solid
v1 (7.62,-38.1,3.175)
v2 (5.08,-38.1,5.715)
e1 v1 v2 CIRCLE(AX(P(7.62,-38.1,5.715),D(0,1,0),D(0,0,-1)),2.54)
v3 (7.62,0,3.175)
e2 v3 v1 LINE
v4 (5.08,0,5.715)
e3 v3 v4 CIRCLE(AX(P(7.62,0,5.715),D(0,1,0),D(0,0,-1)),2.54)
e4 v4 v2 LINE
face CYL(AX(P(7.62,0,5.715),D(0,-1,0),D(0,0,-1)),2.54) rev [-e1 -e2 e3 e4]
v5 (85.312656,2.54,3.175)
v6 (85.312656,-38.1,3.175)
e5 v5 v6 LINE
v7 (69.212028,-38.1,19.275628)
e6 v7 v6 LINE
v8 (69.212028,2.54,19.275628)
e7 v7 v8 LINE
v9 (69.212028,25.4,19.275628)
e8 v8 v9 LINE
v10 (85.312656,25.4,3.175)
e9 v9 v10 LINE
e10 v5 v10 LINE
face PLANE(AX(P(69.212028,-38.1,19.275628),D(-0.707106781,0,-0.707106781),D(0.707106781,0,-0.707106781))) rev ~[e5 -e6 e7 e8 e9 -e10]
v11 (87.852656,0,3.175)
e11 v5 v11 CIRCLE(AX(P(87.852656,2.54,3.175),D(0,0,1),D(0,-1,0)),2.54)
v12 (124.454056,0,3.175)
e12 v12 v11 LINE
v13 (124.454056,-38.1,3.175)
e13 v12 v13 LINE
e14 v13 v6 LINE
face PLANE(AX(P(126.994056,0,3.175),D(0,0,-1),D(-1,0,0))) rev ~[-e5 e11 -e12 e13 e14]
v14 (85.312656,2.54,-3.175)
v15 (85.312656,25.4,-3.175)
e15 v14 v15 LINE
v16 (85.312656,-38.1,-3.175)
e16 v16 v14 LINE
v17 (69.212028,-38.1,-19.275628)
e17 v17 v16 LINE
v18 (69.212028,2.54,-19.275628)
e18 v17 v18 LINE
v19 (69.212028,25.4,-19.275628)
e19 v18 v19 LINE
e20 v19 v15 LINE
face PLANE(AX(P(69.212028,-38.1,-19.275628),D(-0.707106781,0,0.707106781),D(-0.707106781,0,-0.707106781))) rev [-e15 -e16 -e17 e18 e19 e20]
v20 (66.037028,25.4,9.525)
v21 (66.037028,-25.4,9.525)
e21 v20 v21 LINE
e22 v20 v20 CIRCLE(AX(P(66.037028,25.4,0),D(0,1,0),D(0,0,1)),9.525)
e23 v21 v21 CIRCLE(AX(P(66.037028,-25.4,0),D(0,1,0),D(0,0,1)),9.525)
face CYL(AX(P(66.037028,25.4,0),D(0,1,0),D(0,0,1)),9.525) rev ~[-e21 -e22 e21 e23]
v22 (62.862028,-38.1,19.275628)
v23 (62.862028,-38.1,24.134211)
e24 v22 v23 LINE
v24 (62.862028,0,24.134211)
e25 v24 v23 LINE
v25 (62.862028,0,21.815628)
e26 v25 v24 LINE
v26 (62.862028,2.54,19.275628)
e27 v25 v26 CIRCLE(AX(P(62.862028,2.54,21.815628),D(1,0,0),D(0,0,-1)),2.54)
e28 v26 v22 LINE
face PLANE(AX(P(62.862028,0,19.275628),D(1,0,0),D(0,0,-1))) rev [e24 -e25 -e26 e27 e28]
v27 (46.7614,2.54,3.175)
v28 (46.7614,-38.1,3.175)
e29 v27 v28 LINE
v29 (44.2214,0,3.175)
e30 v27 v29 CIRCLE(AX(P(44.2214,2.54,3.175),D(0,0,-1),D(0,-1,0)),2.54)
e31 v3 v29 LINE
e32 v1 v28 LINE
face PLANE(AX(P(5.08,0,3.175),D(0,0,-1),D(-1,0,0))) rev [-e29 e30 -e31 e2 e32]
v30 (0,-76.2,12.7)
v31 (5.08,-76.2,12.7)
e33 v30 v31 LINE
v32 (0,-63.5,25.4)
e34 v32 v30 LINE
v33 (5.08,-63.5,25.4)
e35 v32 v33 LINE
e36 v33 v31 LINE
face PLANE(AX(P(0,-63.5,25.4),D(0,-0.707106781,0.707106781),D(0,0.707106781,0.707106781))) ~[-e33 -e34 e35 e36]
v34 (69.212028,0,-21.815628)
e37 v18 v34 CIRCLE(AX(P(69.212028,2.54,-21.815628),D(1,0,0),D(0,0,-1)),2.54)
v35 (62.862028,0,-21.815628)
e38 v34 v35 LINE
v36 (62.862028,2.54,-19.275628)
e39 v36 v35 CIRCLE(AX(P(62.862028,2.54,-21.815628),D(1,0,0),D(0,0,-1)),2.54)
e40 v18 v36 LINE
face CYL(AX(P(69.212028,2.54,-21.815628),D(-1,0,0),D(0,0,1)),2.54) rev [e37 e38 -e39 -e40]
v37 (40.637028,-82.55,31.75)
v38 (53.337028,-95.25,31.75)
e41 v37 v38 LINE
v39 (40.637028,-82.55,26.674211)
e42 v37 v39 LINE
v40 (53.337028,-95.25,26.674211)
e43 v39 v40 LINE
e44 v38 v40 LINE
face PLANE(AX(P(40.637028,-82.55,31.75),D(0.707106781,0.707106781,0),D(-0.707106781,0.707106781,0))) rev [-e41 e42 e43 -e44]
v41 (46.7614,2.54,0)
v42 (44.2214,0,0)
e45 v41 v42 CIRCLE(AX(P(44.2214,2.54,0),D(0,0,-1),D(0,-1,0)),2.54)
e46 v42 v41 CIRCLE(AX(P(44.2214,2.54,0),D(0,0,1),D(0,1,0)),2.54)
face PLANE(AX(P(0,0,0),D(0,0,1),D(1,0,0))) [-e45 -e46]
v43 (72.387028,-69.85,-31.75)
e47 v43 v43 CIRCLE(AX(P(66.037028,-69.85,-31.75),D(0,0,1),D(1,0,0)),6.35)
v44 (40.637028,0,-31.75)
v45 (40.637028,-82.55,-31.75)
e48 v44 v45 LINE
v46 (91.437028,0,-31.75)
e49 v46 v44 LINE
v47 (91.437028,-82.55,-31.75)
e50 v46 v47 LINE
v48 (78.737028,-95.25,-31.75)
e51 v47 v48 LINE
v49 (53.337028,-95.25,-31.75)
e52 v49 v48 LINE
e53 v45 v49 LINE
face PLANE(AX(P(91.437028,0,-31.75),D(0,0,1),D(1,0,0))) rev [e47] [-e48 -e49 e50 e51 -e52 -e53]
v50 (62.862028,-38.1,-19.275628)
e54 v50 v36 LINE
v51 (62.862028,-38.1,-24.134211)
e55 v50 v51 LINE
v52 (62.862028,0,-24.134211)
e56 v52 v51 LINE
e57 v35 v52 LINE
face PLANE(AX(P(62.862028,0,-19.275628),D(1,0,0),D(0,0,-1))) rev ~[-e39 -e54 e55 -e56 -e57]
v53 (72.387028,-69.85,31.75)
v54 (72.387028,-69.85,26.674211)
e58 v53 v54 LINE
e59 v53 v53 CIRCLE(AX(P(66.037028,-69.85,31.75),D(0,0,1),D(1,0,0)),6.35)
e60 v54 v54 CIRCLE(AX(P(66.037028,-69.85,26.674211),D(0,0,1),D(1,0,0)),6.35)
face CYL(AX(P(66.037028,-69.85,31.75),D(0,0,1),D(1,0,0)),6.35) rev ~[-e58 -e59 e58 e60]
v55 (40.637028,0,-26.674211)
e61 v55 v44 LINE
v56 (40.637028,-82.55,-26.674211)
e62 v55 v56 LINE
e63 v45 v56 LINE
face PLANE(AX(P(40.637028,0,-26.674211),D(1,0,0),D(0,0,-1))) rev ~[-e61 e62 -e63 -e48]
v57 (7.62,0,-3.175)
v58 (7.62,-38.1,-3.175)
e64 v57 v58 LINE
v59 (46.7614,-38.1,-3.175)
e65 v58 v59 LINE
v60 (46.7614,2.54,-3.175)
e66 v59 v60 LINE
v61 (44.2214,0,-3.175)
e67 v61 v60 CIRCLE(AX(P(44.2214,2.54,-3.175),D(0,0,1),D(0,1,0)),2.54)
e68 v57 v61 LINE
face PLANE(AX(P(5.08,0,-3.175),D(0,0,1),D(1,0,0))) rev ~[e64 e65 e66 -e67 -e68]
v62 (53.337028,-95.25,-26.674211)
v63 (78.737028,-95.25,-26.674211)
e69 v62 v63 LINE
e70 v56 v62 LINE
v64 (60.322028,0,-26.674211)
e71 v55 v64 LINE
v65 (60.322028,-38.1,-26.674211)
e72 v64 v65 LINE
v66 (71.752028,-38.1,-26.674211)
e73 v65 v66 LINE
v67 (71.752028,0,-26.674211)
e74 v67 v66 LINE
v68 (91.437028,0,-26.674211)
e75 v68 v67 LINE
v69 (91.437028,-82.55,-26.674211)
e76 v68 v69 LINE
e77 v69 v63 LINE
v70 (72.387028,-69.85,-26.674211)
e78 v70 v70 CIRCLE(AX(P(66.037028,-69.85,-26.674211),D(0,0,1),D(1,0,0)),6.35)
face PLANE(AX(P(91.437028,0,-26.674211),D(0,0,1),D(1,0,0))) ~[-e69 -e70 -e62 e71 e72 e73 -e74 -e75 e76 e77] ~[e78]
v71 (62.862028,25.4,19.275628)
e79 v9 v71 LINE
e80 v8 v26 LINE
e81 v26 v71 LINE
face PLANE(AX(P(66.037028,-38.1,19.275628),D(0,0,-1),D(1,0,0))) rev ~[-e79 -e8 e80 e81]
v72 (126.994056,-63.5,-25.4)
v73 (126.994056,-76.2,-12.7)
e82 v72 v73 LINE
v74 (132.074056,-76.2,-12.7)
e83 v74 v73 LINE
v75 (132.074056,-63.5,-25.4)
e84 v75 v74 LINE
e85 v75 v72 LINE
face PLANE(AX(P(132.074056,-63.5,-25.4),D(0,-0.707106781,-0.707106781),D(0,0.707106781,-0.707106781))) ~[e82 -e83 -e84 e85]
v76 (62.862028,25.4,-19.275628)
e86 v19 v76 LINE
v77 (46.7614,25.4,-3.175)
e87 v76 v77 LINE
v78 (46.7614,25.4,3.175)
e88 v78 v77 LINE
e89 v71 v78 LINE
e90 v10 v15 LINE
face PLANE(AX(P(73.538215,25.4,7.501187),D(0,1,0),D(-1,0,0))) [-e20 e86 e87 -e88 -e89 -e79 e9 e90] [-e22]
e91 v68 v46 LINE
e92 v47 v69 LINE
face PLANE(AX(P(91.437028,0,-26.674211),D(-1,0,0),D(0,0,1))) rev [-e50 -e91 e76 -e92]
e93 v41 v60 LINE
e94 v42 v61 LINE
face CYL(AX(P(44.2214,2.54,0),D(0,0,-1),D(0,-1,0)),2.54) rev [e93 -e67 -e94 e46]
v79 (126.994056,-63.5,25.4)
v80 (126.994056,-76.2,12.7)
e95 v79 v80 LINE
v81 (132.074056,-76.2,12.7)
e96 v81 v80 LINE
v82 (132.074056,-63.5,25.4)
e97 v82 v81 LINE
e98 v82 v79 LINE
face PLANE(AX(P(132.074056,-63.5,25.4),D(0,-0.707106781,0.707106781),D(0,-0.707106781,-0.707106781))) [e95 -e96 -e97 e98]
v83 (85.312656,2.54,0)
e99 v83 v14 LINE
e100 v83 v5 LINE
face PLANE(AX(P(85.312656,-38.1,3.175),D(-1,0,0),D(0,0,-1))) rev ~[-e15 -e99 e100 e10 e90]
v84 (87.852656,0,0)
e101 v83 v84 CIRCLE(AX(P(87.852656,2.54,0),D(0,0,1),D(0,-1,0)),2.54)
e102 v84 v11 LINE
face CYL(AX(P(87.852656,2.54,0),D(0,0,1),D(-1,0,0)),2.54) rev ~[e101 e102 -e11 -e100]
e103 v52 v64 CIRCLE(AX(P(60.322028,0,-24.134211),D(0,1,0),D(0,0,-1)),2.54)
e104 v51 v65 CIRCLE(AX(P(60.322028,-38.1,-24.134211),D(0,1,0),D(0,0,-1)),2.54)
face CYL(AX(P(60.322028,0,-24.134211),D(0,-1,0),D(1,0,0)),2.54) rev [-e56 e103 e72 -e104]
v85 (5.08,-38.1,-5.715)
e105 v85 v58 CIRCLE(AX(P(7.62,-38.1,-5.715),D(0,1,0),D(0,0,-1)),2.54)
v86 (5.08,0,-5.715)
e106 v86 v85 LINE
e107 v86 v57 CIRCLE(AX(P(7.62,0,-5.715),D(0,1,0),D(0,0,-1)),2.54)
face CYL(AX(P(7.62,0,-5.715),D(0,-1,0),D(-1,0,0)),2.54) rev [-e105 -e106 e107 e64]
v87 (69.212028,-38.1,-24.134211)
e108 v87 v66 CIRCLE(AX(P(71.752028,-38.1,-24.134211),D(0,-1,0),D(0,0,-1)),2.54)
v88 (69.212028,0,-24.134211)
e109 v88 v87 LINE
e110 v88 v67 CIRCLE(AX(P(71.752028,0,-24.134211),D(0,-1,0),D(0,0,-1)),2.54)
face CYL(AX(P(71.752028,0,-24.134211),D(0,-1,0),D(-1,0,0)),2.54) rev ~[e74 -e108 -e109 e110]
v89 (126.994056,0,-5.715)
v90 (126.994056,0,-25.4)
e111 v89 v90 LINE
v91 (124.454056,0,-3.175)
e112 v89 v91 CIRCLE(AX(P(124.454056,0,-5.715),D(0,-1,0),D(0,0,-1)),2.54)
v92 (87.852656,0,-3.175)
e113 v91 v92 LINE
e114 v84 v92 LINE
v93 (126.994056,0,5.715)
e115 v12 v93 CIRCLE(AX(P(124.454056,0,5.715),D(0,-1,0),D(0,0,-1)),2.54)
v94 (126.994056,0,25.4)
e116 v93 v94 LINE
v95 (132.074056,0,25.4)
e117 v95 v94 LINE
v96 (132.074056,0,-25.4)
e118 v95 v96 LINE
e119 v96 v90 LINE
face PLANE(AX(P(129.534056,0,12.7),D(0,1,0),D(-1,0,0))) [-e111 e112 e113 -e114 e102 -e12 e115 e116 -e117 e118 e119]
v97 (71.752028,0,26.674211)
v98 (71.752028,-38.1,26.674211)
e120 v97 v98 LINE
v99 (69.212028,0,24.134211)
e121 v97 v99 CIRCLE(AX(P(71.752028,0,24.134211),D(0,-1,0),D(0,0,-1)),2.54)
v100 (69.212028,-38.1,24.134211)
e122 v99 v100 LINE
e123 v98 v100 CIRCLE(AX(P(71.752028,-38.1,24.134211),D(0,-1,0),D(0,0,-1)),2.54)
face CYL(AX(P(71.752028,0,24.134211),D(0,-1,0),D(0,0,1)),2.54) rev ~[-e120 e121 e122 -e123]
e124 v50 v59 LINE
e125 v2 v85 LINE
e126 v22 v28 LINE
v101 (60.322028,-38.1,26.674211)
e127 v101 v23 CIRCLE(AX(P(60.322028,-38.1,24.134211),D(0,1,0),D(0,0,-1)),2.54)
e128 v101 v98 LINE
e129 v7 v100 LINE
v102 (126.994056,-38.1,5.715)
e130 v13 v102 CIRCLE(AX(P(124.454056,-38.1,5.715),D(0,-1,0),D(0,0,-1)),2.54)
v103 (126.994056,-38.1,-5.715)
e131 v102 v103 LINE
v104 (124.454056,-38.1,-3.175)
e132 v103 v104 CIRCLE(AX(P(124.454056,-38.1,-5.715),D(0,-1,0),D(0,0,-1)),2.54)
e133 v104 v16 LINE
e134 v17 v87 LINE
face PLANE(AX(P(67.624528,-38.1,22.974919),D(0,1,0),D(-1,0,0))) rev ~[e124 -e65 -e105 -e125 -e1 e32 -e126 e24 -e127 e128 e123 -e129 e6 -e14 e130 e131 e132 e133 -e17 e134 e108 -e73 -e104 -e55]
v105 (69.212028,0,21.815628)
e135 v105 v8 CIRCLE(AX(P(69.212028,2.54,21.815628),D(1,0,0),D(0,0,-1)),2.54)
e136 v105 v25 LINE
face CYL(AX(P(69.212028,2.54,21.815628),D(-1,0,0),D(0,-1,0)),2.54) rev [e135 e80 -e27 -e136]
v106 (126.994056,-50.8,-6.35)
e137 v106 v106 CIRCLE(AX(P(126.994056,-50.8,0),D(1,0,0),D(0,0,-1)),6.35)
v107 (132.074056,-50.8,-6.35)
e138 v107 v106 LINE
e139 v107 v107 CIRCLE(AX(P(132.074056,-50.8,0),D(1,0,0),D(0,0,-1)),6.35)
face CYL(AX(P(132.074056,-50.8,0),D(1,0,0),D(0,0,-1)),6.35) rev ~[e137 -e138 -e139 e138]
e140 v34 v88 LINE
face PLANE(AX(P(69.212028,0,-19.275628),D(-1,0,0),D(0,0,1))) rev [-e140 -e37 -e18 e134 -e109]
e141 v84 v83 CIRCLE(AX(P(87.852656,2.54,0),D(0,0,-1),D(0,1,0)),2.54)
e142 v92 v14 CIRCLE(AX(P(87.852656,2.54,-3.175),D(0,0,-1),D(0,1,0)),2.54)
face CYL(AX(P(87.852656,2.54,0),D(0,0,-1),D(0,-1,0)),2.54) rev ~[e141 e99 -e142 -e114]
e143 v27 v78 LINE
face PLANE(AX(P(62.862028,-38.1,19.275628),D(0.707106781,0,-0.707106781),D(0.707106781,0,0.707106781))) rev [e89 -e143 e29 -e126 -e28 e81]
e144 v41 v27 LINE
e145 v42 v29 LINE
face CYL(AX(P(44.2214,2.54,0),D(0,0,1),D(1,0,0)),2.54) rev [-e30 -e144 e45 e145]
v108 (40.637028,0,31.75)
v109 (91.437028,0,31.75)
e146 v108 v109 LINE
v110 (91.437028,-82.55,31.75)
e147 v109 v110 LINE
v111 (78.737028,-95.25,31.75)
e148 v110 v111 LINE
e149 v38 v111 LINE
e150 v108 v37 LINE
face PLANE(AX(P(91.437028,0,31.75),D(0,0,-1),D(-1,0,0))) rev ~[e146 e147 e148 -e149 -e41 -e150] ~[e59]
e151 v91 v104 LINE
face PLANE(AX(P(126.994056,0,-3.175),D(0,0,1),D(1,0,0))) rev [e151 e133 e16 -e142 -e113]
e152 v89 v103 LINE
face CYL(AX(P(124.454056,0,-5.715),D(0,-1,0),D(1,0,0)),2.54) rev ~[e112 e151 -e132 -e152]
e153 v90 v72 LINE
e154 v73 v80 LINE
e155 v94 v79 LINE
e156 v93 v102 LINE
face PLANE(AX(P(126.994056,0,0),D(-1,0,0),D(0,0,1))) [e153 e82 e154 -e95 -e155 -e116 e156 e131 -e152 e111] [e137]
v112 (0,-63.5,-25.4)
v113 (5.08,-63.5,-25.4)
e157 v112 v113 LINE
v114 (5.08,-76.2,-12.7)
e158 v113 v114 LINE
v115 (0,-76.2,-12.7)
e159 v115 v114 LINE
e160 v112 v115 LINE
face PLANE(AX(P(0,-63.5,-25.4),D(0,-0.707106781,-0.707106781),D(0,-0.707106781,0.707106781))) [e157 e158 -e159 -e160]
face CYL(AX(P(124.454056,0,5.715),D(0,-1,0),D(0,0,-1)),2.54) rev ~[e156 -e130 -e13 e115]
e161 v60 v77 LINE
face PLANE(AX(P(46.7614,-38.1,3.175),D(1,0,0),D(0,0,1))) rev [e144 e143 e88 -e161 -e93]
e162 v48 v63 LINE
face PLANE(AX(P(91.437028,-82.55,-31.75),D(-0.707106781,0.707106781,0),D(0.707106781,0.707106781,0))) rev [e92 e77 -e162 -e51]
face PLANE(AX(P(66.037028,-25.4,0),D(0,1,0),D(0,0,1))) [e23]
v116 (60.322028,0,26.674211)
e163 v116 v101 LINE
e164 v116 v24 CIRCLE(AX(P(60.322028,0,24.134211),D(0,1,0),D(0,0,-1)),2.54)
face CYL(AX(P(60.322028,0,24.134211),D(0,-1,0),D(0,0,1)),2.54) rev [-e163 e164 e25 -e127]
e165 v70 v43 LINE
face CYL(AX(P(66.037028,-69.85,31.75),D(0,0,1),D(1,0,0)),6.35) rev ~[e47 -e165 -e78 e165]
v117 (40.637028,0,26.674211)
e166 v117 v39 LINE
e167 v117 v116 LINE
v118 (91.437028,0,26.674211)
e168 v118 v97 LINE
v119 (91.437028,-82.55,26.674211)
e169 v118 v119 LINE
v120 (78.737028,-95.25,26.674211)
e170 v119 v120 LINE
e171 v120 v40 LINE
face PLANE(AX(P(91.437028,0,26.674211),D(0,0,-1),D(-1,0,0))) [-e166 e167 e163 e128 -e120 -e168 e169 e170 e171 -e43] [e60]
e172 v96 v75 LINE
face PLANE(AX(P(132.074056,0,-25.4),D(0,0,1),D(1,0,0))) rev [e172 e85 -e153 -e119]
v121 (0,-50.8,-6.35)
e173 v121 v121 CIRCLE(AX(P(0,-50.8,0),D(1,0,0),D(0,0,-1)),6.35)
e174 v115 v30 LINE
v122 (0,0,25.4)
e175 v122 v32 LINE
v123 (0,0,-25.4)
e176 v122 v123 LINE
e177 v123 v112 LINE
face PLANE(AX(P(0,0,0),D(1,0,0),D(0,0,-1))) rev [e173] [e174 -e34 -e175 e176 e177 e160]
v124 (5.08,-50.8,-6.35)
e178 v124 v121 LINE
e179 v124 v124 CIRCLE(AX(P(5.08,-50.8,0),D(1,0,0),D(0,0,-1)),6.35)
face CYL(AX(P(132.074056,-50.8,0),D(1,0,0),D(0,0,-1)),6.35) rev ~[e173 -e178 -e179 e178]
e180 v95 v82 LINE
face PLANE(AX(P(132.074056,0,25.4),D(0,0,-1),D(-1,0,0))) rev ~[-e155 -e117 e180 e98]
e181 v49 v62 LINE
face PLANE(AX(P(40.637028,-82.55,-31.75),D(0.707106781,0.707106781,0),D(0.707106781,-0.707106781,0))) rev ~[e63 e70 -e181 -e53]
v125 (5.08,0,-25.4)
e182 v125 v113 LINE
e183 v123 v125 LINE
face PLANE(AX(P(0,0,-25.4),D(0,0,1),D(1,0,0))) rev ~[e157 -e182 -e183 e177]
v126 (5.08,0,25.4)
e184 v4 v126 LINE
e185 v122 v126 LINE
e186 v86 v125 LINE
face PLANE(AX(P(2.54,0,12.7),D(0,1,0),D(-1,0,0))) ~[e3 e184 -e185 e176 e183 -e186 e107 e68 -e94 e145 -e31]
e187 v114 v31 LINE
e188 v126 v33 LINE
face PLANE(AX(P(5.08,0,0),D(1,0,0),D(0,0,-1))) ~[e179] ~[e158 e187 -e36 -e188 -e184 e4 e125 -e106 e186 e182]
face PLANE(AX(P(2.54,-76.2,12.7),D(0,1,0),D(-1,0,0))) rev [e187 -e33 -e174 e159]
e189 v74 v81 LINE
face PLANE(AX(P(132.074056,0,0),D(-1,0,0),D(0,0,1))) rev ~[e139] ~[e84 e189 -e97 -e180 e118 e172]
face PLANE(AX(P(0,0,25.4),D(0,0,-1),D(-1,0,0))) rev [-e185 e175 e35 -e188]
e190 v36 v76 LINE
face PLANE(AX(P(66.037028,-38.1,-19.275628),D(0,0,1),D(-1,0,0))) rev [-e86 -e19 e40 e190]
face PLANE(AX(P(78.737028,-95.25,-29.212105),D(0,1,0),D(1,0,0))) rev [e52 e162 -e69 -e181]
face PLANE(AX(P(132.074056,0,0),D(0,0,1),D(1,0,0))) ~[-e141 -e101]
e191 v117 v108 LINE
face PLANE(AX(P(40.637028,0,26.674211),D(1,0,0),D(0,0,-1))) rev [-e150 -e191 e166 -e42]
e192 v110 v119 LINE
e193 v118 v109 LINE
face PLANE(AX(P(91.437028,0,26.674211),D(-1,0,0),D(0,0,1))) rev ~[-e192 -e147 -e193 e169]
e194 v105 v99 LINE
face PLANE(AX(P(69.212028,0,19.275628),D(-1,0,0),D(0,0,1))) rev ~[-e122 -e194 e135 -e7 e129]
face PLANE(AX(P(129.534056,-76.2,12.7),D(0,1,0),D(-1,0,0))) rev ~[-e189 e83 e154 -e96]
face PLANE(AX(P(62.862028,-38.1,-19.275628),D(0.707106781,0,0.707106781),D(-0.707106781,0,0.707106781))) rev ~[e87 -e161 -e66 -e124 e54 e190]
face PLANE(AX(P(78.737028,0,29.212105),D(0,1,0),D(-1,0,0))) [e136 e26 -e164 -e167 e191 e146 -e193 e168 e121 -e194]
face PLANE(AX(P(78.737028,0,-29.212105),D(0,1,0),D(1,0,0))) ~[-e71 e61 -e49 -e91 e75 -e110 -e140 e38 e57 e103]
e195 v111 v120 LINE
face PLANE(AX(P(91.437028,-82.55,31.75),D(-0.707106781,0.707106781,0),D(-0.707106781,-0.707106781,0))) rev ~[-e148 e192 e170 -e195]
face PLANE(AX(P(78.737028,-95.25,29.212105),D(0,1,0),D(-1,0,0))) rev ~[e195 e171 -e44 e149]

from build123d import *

# Parameters (mm, degrees)
BOSS_EXTRUDE2_START  = -38.1
BOSS_EXTRUDE2_DEPTH  = 63.5
SKETCH2_W            = 41.6814
SKETCH2_H            = 3.175
BOSS_EXTRUDE3_DEPTH  = 38.1
SKETCH3_W            = 5.08
SKETCH3_H            = 25.4
BOSS_EXTRUDE4_DEPTH  = 76.2
SKETCH4_W            = 3.175
SKETCH4_H            = 7.398582519
BOSS_EXTRUDE5_DEPTH  = 38.1
SKETCH5_W            = 25.4
SKETCH5_H            = 5.075789281
BOSS_EXTRUDE6_DEPTH  = 95.25
FILLET1_R            = 2.54
CUT_EXTRUDE1_DEPTH   = 5.075789281
CUT_EXTRUDE2_DEPTH   = 5.08
FILLET1_OF_MIRROR5_R = 2.54
FILLET3_R            = 2.54
SKETCH9_R            = 9.525
CUT_EXTRUDE3_DEPTH   = 50.8
SKETCH11_R           = 6.35
CUT_EXTRUDE4_DEPTH   = 166.904133083
SKETCH12_R           = 6.35
CUT_EXTRUDE5_DEPTH   = 175.78091679


with BuildPart() as part:
    # Sketch1 → Boss-Extrude2 (new body)
    with BuildSketch(Plane(origin=(0, 0, 0), x_dir=(1, 0, 0), z_dir=(0, 1, 0)).offset(BOSS_EXTRUDE2_START)):
        Polygon((46.7614, 3.175), (46.7614, 0), (66.0370282, 0), (66.0370282, 19.2756282), (62.8620282, 19.2756282), align=None)
    boss_extrude2 = extrude(amount=BOSS_EXTRUDE2_DEPTH)

    # Sketch2 → Boss-Extrude3 (add)
    with BuildSketch(Plane(origin=(0, 0, 0), x_dir=(1, 0, 0), z_dir=(0, 1, 0))):
        with Locations((25.9207, 1.5875)):
            Rectangle(SKETCH2_W, SKETCH2_H)
    boss_extrude3 = extrude(amount=-BOSS_EXTRUDE3_DEPTH)

    # Sketch3 → Boss-Extrude4 (add)
    with BuildSketch(Plane(origin=(0, 0, 0), x_dir=(1, 0, 0), z_dir=(0, 1, 0))):
        with Locations((2.54, 12.7)):
            Rectangle(SKETCH3_W, SKETCH3_H)
    boss_extrude4 = extrude(amount=-BOSS_EXTRUDE4_DEPTH)

    # Sketch4 → Boss-Extrude5 (add)
    with BuildSketch(Plane(origin=(0, 0, 0), x_dir=(1, 0, 0), z_dir=(0, 1, 0))):
        with Locations((64.4495282, 22.97491946)):
            Rectangle(SKETCH4_W, SKETCH4_H)
    boss_extrude5 = extrude(amount=-BOSS_EXTRUDE5_DEPTH)

    # Sketch5 → Boss-Extrude6 (add)
    with BuildSketch(Plane(origin=(0, 0, 0), x_dir=(1, 0, 0), z_dir=(0, 1, 0))):
        with Locations((53.3370282, 29.21210536)):
            Rectangle(SKETCH5_W, SKETCH5_H)
    boss_extrude6 = extrude(amount=-BOSS_EXTRUDE6_DEPTH)

    # Fillet1
    fillet1_edges = [part.edges().sort_by_distance(p)[0] for p in [
        (5.08, -19.05, -3.175),
        (46.7614, 0, -1.5875),
        (62.8620282, -19.05, -26.674210719),
    ]]
    fillet(fillet1_edges, radius=FILLET1_R)

    # Sketch7 → Cut-Extrude1 (cut)
    with BuildSketch(Plane(origin=(0, 0, -31.75), x_dir=(-1, 0, 0), z_dir=(0, 0, -1))):
        Polygon((-40.6370282, -82.55), (-53.3370282, -95.25), (-40.6370282, -95.25), align=None)
    cut_extrude1 = extrude(amount=-CUT_EXTRUDE1_DEPTH, mode=Mode.SUBTRACT)

    # Sketch8 → Cut-Extrude2 (cut)
    with BuildSketch(Plane.ZY):
        Polygon((-25.4, -76.2), (-25.4, -63.5), (-12.7, -76.2), align=None)
    cut_extrude2 = extrude(amount=-CUT_EXTRUDE2_DEPTH, mode=Mode.SUBTRACT)

    # Mirror5: Boss-Extrude2, Boss-Extrude3, Boss-Extrude4, Boss-Extrude5, Boss-Extrude6, Cut-Extrude1, Cut-Extrude2 across plane
    add(boss_extrude2.mirror(Plane(origin=(0, -38.1, 0), x_dir=(1, 0, 0), z_dir=(0, 0, 1))))
    add(boss_extrude3.mirror(Plane(origin=(0, -38.1, 0), x_dir=(1, 0, 0), z_dir=(0, 0, 1))))
    add(boss_extrude4.mirror(Plane(origin=(0, -38.1, 0), x_dir=(1, 0, 0), z_dir=(0, 0, 1))))
    add(boss_extrude5.mirror(Plane(origin=(0, -38.1, 0), x_dir=(1, 0, 0), z_dir=(0, 0, 1))))
    add(boss_extrude6.mirror(Plane(origin=(0, -38.1, 0), x_dir=(1, 0, 0), z_dir=(0, 0, 1))))
    add(cut_extrude1.mirror(Plane(origin=(0, -38.1, 0), x_dir=(1, 0, 0), z_dir=(0, 0, 1))), mode=Mode.SUBTRACT)
    add(cut_extrude2.mirror(Plane(origin=(0, -38.1, 0), x_dir=(1, 0, 0), z_dir=(0, 0, 1))), mode=Mode.SUBTRACT)

    # Fillet1 of Mirror5
    fillet1_of_mirror5_edges = [part.edges().sort_by_distance(p)[0] for p in [
        (5.08, -19.05, 3.175),
        (46.7614, 0, 1.5875),
        (62.8620282, -19.05, 26.674210719),
    ]]
    fillet(fillet1_of_mirror5_edges, radius=FILLET1_OF_MIRROR5_R)

    # Mirror6: part across plane


with BuildPart() as part_1:
    add(part.part)
    add(part.part.mirror(Plane(origin=(66.0370282, -38.1, 0), x_dir=(0, 0, 1), z_dir=(1, 0, 0))))

    # Fillet3
    fillet3_edges = [part_1.edges().sort_by_distance(p)[0] for p in [
        (66.0370282, 0, 19.2756282),
        (66.0370282, 0, -19.2756282),
    ]]
    fillet(fillet3_edges, radius=FILLET3_R)

    # Sketch9 → Cut-Extrude3 (cut)
    with BuildSketch(Plane(origin=(0, 25.4, 0), x_dir=(1, 0, 0), z_dir=(0, 1, 0))):
        with Locations(Location((66.0370282, 0, 0), (0, 0, 270))):
            Circle(SKETCH9_R)
    extrude(amount=-CUT_EXTRUDE3_DEPTH, mode=Mode.SUBTRACT)

    # Sketch11 → Cut-Extrude4 (cut, through all)
    with BuildSketch(Plane(origin=(132.0740564, 0, 0), x_dir=(0, 0, -1), z_dir=(1, 0, 0))):
        with Locations((0, -50.8)):
            Circle(SKETCH11_R)
    extrude(amount=-CUT_EXTRUDE4_DEPTH, mode=Mode.SUBTRACT)

    # Sketch12 → Cut-Extrude5 (cut, through all)
    with BuildSketch(Plane.XY.offset(31.75)):
        with Locations((66.0370282, -69.85)):
            Circle(SKETCH12_R)
    extrude(amount=-CUT_EXTRUDE5_DEPTH, mode=Mode.SUBTRACT)


solid = part_1.part
